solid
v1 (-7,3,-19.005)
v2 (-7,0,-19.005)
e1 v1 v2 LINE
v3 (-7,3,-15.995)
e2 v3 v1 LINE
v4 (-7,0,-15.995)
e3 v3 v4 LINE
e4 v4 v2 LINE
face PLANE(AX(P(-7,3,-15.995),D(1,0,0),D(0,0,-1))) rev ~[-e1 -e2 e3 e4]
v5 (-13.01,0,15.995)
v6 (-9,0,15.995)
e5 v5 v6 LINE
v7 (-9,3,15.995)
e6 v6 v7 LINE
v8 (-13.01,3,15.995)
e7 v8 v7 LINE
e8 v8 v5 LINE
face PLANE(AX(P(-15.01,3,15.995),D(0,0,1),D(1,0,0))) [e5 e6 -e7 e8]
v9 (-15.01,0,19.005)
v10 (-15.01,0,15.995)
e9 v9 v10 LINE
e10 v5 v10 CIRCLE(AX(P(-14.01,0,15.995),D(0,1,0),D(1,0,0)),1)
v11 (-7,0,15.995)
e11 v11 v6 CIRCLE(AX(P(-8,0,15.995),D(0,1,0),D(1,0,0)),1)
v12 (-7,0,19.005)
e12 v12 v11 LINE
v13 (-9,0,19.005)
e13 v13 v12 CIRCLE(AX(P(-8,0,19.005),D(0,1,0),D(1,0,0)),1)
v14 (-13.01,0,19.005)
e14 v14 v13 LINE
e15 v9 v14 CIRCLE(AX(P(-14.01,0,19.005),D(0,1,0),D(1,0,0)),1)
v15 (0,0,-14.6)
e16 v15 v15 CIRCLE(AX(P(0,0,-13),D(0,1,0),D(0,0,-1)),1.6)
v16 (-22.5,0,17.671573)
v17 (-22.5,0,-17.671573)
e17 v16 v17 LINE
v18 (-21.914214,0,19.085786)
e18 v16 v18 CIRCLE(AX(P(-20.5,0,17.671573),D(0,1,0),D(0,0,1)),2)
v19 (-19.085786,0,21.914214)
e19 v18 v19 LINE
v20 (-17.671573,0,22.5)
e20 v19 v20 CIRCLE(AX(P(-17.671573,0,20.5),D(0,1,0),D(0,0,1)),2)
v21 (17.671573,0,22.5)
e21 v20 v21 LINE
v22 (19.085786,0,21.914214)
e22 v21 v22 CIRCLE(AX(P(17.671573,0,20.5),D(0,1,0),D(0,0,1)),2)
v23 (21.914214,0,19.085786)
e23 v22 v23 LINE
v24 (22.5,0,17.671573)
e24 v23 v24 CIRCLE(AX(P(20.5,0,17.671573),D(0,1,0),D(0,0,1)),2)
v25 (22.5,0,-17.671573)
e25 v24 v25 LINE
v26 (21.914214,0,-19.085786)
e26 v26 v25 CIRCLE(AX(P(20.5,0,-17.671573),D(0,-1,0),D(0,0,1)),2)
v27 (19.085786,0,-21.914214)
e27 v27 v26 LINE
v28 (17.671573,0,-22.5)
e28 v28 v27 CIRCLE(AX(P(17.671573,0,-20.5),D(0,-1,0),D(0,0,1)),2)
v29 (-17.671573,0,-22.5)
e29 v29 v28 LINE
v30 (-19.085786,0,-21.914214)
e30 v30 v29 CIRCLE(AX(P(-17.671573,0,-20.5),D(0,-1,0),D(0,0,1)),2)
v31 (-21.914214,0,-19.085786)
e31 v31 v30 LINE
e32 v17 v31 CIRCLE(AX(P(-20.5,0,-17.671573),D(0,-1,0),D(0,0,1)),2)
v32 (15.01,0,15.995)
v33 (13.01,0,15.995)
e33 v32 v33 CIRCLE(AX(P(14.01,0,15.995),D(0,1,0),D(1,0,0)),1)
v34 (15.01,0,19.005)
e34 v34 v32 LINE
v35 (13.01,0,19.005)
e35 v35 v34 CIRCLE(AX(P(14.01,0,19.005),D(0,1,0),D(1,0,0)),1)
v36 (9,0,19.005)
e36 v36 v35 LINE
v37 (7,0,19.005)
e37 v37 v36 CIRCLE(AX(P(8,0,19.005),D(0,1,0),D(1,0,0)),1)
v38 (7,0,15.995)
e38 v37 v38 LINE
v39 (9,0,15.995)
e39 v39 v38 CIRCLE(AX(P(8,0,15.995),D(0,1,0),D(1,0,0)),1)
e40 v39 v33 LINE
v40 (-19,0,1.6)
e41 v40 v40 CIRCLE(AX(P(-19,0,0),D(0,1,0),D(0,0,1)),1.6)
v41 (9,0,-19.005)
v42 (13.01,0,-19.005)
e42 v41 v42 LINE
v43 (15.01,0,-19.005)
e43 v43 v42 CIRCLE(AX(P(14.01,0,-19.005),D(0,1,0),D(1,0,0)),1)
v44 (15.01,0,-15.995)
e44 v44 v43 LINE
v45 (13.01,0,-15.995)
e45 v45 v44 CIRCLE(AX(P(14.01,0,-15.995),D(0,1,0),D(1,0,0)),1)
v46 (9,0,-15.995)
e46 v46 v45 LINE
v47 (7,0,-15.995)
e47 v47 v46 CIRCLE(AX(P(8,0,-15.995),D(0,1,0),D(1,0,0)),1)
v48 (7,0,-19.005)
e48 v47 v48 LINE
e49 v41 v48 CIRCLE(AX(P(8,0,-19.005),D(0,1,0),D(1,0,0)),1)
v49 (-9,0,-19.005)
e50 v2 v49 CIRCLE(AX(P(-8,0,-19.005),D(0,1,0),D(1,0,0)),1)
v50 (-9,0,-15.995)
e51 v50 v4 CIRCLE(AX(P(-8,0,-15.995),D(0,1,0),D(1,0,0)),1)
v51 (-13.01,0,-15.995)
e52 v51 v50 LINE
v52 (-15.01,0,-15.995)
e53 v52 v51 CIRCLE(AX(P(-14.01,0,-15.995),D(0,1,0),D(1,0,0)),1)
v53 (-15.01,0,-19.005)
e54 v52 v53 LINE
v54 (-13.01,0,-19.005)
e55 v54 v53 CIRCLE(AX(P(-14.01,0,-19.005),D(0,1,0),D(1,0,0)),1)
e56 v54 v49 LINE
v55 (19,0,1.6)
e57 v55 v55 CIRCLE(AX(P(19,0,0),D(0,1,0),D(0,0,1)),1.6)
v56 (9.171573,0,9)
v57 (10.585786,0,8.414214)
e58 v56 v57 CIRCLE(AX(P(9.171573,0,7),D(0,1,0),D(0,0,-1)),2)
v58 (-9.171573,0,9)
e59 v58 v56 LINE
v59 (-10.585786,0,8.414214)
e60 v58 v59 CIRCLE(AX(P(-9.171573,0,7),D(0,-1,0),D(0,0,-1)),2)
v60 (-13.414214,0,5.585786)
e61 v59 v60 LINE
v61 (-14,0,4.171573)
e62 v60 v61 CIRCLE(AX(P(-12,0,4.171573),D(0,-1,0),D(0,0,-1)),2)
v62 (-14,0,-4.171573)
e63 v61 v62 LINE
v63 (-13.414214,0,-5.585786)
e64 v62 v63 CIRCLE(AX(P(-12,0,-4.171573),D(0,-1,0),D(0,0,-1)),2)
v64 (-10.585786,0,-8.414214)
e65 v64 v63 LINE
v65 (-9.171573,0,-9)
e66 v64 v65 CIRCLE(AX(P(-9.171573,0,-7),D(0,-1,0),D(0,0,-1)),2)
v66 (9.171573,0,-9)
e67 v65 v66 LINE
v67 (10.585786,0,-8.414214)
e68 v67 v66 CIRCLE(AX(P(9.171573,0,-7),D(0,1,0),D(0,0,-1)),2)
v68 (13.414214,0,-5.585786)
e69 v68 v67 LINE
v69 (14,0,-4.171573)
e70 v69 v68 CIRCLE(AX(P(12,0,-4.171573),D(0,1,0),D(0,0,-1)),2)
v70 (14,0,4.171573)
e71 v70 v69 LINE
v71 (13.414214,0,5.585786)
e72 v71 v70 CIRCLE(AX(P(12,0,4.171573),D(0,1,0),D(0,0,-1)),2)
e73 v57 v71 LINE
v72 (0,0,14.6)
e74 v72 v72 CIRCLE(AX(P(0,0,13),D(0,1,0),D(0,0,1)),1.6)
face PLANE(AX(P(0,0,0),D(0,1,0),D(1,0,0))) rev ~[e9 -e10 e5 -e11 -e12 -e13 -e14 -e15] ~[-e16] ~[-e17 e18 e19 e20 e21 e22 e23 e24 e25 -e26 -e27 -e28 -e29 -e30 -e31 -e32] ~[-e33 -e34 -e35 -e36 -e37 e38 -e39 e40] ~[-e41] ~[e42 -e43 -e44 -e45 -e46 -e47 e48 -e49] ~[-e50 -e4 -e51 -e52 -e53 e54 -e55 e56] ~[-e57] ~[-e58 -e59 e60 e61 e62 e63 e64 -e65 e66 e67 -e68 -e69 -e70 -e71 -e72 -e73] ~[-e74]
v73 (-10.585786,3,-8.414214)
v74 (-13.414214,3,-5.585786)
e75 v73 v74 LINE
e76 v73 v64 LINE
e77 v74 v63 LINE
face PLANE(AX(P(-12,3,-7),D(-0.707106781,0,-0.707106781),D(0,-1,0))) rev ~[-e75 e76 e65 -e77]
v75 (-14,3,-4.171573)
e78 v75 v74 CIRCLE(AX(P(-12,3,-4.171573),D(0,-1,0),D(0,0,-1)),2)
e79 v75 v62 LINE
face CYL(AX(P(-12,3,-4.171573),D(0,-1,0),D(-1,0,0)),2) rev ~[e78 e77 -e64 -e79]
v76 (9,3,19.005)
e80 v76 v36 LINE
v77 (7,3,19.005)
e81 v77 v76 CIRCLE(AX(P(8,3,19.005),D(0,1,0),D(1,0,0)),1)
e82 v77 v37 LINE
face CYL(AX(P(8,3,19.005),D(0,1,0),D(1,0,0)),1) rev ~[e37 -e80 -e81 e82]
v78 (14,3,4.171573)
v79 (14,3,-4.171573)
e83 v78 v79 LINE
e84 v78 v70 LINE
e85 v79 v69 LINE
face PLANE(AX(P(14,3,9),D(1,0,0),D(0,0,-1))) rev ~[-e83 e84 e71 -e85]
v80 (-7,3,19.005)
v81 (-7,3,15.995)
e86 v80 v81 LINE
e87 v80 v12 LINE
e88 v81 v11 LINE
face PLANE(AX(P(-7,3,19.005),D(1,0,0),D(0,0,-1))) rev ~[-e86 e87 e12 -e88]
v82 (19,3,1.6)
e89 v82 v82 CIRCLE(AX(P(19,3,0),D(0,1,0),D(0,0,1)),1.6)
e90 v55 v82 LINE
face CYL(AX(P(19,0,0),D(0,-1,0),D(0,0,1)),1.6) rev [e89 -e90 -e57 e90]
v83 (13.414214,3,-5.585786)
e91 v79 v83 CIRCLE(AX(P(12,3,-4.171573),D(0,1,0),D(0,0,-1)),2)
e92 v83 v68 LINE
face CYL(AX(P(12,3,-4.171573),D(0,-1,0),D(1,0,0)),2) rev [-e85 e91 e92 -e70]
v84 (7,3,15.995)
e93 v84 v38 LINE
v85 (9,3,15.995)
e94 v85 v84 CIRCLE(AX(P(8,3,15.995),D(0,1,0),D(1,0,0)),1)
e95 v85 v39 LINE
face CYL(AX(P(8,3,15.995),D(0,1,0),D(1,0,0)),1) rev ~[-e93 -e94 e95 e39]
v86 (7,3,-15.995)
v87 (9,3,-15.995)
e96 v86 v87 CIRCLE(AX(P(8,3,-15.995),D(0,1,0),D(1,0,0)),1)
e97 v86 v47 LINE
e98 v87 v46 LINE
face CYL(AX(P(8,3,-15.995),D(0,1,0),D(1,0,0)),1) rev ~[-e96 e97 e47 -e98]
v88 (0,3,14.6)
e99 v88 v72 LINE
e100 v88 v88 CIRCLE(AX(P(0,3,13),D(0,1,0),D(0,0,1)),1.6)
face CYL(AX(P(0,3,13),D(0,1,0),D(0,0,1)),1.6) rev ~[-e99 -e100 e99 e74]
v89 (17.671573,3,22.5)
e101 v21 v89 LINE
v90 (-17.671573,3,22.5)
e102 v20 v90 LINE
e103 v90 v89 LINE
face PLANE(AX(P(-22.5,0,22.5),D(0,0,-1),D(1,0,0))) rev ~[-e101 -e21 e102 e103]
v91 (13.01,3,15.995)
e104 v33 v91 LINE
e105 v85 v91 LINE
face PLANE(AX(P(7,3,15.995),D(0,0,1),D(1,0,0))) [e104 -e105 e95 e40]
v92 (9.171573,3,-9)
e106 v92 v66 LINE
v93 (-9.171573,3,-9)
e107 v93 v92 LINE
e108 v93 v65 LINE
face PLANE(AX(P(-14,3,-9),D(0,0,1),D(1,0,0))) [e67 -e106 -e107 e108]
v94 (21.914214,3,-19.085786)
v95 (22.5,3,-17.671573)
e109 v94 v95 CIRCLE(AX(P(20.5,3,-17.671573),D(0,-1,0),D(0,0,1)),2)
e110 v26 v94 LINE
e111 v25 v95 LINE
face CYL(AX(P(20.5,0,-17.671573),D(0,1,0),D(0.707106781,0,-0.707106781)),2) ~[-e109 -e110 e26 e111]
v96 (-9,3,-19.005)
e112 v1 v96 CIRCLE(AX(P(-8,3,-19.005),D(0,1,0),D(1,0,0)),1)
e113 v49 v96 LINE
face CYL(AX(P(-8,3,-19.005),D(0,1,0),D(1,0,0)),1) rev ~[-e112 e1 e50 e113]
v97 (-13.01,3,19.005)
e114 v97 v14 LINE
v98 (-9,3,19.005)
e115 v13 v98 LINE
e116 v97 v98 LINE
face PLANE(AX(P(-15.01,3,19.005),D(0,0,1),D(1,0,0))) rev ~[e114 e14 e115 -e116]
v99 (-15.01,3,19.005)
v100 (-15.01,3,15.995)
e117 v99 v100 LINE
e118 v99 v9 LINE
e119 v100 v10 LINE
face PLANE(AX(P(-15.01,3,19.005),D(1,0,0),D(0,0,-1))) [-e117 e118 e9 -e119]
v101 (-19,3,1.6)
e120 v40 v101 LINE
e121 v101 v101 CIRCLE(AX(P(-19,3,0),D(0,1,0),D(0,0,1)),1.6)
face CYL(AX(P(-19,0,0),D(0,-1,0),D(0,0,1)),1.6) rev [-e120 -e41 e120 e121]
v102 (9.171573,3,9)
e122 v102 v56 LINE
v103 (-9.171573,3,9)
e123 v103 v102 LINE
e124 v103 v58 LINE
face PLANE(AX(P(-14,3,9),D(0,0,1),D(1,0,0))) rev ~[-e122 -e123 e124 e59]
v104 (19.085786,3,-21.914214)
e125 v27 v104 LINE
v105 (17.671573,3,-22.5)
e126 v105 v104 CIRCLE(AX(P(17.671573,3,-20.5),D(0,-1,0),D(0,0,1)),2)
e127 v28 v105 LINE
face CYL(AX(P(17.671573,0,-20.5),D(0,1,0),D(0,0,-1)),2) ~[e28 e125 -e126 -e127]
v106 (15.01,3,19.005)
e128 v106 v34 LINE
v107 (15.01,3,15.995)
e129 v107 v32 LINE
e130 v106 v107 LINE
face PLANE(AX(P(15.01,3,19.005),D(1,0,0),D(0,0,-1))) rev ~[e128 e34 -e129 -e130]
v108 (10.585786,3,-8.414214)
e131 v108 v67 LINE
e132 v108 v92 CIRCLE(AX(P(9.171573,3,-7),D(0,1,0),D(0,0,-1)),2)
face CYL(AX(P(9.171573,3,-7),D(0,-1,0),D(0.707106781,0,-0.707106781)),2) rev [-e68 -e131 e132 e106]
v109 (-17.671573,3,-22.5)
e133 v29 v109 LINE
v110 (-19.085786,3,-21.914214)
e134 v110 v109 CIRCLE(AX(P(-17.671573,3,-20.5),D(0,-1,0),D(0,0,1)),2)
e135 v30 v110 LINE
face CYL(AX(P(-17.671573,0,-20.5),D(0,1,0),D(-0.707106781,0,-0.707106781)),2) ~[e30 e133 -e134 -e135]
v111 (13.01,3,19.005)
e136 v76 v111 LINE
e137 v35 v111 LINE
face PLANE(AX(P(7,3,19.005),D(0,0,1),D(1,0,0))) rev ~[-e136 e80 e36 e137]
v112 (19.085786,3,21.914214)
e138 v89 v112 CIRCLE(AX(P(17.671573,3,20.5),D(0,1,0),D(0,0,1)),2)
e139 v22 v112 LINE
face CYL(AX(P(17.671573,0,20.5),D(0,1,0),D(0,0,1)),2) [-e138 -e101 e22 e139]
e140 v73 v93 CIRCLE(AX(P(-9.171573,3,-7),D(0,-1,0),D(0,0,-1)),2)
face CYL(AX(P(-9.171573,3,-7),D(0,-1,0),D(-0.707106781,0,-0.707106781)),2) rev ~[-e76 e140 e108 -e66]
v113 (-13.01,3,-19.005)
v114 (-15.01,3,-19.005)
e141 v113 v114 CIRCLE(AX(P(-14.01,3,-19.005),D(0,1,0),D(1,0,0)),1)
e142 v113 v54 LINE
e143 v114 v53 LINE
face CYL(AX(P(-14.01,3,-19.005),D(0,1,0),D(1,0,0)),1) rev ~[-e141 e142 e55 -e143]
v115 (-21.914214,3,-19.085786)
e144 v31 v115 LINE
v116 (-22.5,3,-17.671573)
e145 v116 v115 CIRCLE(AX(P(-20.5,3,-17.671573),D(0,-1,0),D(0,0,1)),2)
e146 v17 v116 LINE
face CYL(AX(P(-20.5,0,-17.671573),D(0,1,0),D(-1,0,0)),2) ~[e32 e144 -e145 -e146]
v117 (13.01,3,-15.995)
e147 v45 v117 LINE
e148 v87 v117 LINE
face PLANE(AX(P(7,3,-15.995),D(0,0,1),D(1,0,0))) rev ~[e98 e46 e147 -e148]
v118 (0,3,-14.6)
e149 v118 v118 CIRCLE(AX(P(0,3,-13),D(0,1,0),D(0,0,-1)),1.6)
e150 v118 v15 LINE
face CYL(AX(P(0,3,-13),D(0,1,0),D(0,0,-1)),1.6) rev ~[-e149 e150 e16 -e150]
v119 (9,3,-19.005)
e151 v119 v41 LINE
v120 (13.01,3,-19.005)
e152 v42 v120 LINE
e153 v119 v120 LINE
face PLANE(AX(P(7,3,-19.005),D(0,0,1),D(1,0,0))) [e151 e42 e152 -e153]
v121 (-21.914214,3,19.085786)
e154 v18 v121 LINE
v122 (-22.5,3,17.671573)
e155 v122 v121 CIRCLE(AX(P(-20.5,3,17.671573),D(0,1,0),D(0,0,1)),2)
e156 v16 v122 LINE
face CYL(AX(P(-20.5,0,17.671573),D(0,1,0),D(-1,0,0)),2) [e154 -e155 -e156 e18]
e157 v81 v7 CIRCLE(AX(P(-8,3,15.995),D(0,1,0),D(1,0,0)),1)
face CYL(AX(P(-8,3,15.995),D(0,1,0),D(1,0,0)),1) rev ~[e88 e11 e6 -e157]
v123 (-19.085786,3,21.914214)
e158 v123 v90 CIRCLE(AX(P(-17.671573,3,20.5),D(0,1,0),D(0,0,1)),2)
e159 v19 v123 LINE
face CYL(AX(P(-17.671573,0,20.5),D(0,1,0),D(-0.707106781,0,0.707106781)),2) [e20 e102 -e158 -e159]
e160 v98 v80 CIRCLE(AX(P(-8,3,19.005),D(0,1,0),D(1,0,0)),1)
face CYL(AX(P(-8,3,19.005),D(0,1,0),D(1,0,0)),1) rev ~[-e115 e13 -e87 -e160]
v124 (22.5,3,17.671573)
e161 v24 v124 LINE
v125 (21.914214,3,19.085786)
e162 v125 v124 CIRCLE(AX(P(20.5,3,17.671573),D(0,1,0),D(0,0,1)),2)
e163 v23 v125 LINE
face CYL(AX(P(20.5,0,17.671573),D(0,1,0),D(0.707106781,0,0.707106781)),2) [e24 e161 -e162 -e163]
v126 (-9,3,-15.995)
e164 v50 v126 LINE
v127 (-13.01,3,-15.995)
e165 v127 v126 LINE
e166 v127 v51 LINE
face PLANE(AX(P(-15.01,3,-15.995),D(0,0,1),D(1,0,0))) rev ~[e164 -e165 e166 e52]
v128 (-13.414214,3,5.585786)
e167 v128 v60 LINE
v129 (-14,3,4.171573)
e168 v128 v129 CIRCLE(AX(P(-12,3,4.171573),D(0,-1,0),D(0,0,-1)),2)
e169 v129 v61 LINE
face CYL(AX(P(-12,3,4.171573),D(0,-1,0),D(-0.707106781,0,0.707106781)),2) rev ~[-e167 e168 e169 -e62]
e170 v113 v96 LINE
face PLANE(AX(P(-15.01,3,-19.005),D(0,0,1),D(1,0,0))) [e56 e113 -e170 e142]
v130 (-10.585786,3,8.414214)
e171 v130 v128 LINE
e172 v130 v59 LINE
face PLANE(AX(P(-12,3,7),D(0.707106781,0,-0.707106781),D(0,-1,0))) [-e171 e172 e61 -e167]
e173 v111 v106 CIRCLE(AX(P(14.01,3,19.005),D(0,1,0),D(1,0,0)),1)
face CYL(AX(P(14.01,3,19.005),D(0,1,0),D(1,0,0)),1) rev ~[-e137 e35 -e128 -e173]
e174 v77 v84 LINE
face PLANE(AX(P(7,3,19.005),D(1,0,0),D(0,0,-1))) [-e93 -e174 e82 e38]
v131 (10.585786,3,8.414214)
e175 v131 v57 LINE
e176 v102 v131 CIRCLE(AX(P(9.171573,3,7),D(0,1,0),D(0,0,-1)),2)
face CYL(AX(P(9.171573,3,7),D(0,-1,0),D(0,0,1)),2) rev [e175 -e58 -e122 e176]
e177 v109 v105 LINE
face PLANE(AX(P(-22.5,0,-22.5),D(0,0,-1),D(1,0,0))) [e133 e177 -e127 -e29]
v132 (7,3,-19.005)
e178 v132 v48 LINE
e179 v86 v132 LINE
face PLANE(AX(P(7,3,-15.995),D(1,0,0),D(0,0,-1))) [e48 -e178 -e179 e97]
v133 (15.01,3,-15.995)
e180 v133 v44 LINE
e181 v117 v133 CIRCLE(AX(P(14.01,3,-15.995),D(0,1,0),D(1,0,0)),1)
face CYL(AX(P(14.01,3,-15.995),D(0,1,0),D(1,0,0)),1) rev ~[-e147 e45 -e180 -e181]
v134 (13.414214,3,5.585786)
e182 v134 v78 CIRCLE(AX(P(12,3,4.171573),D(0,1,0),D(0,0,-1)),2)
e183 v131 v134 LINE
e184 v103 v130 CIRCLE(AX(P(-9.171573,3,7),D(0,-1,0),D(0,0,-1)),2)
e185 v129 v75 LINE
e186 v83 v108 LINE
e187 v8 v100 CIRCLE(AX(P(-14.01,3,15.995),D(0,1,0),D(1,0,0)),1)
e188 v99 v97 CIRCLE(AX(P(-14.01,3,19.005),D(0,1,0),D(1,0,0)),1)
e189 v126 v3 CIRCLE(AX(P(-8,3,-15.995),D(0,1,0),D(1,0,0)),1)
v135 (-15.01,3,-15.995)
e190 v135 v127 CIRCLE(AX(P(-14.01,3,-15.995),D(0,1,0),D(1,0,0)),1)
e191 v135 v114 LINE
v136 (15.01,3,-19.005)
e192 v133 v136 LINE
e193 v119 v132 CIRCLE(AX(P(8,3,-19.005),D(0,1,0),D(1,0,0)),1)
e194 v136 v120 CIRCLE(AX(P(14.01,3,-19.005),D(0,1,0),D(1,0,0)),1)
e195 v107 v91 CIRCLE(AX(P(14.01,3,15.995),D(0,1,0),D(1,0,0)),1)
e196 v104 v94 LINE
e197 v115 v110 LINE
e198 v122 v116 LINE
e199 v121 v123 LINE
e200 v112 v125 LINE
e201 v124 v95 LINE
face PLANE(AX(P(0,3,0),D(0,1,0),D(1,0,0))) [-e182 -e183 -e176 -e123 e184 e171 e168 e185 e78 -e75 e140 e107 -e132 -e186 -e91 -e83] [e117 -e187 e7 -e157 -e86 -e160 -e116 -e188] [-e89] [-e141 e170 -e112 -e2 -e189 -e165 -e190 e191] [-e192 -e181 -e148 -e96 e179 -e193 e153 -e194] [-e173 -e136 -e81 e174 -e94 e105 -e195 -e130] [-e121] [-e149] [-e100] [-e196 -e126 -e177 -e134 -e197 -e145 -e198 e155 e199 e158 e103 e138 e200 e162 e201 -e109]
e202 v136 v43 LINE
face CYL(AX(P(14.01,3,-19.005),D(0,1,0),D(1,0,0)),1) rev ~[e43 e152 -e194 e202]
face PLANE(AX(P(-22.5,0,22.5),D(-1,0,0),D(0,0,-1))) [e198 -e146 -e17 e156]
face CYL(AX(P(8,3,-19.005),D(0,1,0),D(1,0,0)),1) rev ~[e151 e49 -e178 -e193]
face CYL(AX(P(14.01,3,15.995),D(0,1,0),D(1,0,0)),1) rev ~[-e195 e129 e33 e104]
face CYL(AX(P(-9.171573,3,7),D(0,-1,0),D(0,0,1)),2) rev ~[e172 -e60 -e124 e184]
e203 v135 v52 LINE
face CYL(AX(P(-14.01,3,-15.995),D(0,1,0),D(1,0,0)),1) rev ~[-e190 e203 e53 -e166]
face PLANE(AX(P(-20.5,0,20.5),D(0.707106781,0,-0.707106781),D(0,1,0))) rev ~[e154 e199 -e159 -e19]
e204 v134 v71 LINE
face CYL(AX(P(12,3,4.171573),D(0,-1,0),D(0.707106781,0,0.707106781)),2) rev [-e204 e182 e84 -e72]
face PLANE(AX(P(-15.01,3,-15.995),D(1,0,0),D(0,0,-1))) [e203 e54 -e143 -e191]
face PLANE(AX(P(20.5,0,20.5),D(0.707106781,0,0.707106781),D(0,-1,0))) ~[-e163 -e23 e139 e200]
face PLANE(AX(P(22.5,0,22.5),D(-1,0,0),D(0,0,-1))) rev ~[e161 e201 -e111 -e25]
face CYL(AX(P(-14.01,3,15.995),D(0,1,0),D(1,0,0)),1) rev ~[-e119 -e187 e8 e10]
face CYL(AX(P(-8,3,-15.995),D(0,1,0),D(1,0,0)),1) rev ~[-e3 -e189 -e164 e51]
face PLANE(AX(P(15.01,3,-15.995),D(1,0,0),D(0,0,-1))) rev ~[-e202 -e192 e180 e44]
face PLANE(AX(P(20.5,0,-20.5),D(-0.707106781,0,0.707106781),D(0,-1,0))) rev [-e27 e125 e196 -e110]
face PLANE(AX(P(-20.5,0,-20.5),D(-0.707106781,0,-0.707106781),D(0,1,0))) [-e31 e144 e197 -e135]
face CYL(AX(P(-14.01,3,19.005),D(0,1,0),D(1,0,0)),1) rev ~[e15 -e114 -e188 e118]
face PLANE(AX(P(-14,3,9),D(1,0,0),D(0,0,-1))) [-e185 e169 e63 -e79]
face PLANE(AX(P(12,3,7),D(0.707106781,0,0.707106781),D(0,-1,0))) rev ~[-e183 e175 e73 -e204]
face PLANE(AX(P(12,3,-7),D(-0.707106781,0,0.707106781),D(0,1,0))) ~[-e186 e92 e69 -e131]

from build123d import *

# Parameters (mm, degrees)
SKETCH_1_W          = 45
SKETCH_1_H          = 45
SKETCH_1_R          = 1.6
EXTRUDE_1_DEPTH     = 3
SKETCH_2_W          = 8.01
SKETCH_2_H          = 3.01
CUT_EXTRUDE_1_DEPTH = 3
SKETCH_4_R          = 1
SKETCH_4_R_2        = 1.6
CUT_EXTRUDE_2_DEPTH = 3
SKETCH_5_W          = 28
SKETCH_5_H          = 18
CUT_EXTRUDE_3_DEPTH = 3
CHAMFER_1_SIZE      = 4
FILLET_1_R          = 2


with BuildPart() as part:
    # 草图1 → 凸台-拉伸1 (new body)
    with BuildSketch(Plane(origin=(0, 0, 0), x_dir=(1, 0, 0), z_dir=(0, 1, 0))):
        Rectangle(SKETCH_1_W, SKETCH_1_H)
        with Locations(Location((19, 0, 0), (0, 0, 270))):
            Circle(SKETCH_1_R, mode=Mode.SUBTRACT)
        with Locations(Location((-19, 0, 0), (0, 0, 270))):
            Circle(SKETCH_1_R, mode=Mode.SUBTRACT)
    extrude(amount=EXTRUDE_1_DEPTH)

    # 草图2 → 切除-拉伸1 (cut)
    with BuildSketch(Plane(origin=(0, 3, 0), x_dir=(1, 0, 0), z_dir=(0, 1, 0))):
        with Locations((-11.005, -17.5)):
            Rectangle(SKETCH_2_W, SKETCH_2_H)
        with Locations((11.005, -17.5)):
            Rectangle(SKETCH_2_W, SKETCH_2_H)
        with Locations((-11.005, 17.5)):
            Rectangle(SKETCH_2_W, SKETCH_2_H)
        with Locations((11.005, 17.5)):
            Rectangle(SKETCH_2_W, SKETCH_2_H)
    extrude(amount=-CUT_EXTRUDE_1_DEPTH, mode=Mode.SUBTRACT)

    # 草图4 → 切除-拉伸2 (cut)
    with BuildSketch(Plane(origin=(0, 3, 0), x_dir=(1, 0, 0), z_dir=(0, 1, 0))):
        with Locations((-14.01, -15.995)):
            Circle(SKETCH_4_R)
        with Locations((-14.01, -19.005)):
            Circle(SKETCH_4_R)
        with Locations((-8, -15.995)):
            Circle(SKETCH_4_R)
        with Locations((-8, -19.005)):
            Circle(SKETCH_4_R)
        with Locations((8, -19.005)):
            Circle(SKETCH_4_R)
        with Locations((8, -15.995)):
            Circle(SKETCH_4_R)
        with Locations((14.01, -19.005)):
            Circle(SKETCH_4_R)
        with Locations((14.01, -15.995)):
            Circle(SKETCH_4_R)
        with Locations((-8, 19.005)):
            Circle(SKETCH_4_R)
        with Locations((-8, 15.995)):
            Circle(SKETCH_4_R)
        with Locations((-14.01, 19.005)):
            Circle(SKETCH_4_R)
        with Locations((-14.01, 15.995)):
            Circle(SKETCH_4_R)
        with Locations((14.01, 15.995)):
            Circle(SKETCH_4_R)
        with Locations((14.01, 19.005)):
            Circle(SKETCH_4_R)
        with Locations((8, 15.995)):
            Circle(SKETCH_4_R)
        with Locations((8, 19.005)):
            Circle(SKETCH_4_R)
        with Locations(Location((0, -13, 0), (0, 0, 270))):
            Circle(SKETCH_4_R_2)
        with Locations(Location((0, 13, 0), (0, 0, 90))):
            Circle(SKETCH_4_R_2)
    extrude(amount=-CUT_EXTRUDE_2_DEPTH, mode=Mode.SUBTRACT)

    # 草图5 → 切除-拉伸3 (cut)
    with BuildSketch(Plane(origin=(0, 3, 0), x_dir=(1, 0, 0), z_dir=(0, 1, 0))):
        Rectangle(SKETCH_5_W, SKETCH_5_H)
    extrude(amount=-CUT_EXTRUDE_3_DEPTH, mode=Mode.SUBTRACT)

    # 倒角1
    chamfer_1_edges = [part.edges().sort_by_distance(p)[0] for p in [
        (14, 1.5, -9),
        (14, 1.5, 9),
        (-14, 1.5, 9),
        (-14, 1.5, -9),
        (22.5, 1.5, 22.5),
        (-22.5, 1.5, 22.5),
        (-22.5, 1.5, -22.5),
        (22.5, 1.5, -22.5),
    ]]
    chamfer(chamfer_1_edges, length=CHAMFER_1_SIZE)

    # 圆角1
    fillet_1_edges = [part.edges().sort_by_distance(p)[0] for p in [
        (-22.5, 1.5, 18.5),
        (-22.5, 1.5, -18.5),
        (18.5, 1.5, -22.5),
        (-18.5, 1.5, -22.5),
        (22.5, 1.5, 18.5),
        (22.5, 1.5, -18.5),
        (-18.5, 1.5, 22.5),
        (18.5, 1.5, 22.5),
        (10, 1.5, 9),
        (-10, 1.5, 9),
        (-14, 1.5, -5),
        (-14, 1.5, 5),
        (14, 1.5, -5),
        (14, 1.5, 5),
        (-10, 1.5, -9),
        (10, 1.5, -9),
    ]]
    fillet(fillet_1_edges, radius=FILLET_1_R)


solid = part.part
